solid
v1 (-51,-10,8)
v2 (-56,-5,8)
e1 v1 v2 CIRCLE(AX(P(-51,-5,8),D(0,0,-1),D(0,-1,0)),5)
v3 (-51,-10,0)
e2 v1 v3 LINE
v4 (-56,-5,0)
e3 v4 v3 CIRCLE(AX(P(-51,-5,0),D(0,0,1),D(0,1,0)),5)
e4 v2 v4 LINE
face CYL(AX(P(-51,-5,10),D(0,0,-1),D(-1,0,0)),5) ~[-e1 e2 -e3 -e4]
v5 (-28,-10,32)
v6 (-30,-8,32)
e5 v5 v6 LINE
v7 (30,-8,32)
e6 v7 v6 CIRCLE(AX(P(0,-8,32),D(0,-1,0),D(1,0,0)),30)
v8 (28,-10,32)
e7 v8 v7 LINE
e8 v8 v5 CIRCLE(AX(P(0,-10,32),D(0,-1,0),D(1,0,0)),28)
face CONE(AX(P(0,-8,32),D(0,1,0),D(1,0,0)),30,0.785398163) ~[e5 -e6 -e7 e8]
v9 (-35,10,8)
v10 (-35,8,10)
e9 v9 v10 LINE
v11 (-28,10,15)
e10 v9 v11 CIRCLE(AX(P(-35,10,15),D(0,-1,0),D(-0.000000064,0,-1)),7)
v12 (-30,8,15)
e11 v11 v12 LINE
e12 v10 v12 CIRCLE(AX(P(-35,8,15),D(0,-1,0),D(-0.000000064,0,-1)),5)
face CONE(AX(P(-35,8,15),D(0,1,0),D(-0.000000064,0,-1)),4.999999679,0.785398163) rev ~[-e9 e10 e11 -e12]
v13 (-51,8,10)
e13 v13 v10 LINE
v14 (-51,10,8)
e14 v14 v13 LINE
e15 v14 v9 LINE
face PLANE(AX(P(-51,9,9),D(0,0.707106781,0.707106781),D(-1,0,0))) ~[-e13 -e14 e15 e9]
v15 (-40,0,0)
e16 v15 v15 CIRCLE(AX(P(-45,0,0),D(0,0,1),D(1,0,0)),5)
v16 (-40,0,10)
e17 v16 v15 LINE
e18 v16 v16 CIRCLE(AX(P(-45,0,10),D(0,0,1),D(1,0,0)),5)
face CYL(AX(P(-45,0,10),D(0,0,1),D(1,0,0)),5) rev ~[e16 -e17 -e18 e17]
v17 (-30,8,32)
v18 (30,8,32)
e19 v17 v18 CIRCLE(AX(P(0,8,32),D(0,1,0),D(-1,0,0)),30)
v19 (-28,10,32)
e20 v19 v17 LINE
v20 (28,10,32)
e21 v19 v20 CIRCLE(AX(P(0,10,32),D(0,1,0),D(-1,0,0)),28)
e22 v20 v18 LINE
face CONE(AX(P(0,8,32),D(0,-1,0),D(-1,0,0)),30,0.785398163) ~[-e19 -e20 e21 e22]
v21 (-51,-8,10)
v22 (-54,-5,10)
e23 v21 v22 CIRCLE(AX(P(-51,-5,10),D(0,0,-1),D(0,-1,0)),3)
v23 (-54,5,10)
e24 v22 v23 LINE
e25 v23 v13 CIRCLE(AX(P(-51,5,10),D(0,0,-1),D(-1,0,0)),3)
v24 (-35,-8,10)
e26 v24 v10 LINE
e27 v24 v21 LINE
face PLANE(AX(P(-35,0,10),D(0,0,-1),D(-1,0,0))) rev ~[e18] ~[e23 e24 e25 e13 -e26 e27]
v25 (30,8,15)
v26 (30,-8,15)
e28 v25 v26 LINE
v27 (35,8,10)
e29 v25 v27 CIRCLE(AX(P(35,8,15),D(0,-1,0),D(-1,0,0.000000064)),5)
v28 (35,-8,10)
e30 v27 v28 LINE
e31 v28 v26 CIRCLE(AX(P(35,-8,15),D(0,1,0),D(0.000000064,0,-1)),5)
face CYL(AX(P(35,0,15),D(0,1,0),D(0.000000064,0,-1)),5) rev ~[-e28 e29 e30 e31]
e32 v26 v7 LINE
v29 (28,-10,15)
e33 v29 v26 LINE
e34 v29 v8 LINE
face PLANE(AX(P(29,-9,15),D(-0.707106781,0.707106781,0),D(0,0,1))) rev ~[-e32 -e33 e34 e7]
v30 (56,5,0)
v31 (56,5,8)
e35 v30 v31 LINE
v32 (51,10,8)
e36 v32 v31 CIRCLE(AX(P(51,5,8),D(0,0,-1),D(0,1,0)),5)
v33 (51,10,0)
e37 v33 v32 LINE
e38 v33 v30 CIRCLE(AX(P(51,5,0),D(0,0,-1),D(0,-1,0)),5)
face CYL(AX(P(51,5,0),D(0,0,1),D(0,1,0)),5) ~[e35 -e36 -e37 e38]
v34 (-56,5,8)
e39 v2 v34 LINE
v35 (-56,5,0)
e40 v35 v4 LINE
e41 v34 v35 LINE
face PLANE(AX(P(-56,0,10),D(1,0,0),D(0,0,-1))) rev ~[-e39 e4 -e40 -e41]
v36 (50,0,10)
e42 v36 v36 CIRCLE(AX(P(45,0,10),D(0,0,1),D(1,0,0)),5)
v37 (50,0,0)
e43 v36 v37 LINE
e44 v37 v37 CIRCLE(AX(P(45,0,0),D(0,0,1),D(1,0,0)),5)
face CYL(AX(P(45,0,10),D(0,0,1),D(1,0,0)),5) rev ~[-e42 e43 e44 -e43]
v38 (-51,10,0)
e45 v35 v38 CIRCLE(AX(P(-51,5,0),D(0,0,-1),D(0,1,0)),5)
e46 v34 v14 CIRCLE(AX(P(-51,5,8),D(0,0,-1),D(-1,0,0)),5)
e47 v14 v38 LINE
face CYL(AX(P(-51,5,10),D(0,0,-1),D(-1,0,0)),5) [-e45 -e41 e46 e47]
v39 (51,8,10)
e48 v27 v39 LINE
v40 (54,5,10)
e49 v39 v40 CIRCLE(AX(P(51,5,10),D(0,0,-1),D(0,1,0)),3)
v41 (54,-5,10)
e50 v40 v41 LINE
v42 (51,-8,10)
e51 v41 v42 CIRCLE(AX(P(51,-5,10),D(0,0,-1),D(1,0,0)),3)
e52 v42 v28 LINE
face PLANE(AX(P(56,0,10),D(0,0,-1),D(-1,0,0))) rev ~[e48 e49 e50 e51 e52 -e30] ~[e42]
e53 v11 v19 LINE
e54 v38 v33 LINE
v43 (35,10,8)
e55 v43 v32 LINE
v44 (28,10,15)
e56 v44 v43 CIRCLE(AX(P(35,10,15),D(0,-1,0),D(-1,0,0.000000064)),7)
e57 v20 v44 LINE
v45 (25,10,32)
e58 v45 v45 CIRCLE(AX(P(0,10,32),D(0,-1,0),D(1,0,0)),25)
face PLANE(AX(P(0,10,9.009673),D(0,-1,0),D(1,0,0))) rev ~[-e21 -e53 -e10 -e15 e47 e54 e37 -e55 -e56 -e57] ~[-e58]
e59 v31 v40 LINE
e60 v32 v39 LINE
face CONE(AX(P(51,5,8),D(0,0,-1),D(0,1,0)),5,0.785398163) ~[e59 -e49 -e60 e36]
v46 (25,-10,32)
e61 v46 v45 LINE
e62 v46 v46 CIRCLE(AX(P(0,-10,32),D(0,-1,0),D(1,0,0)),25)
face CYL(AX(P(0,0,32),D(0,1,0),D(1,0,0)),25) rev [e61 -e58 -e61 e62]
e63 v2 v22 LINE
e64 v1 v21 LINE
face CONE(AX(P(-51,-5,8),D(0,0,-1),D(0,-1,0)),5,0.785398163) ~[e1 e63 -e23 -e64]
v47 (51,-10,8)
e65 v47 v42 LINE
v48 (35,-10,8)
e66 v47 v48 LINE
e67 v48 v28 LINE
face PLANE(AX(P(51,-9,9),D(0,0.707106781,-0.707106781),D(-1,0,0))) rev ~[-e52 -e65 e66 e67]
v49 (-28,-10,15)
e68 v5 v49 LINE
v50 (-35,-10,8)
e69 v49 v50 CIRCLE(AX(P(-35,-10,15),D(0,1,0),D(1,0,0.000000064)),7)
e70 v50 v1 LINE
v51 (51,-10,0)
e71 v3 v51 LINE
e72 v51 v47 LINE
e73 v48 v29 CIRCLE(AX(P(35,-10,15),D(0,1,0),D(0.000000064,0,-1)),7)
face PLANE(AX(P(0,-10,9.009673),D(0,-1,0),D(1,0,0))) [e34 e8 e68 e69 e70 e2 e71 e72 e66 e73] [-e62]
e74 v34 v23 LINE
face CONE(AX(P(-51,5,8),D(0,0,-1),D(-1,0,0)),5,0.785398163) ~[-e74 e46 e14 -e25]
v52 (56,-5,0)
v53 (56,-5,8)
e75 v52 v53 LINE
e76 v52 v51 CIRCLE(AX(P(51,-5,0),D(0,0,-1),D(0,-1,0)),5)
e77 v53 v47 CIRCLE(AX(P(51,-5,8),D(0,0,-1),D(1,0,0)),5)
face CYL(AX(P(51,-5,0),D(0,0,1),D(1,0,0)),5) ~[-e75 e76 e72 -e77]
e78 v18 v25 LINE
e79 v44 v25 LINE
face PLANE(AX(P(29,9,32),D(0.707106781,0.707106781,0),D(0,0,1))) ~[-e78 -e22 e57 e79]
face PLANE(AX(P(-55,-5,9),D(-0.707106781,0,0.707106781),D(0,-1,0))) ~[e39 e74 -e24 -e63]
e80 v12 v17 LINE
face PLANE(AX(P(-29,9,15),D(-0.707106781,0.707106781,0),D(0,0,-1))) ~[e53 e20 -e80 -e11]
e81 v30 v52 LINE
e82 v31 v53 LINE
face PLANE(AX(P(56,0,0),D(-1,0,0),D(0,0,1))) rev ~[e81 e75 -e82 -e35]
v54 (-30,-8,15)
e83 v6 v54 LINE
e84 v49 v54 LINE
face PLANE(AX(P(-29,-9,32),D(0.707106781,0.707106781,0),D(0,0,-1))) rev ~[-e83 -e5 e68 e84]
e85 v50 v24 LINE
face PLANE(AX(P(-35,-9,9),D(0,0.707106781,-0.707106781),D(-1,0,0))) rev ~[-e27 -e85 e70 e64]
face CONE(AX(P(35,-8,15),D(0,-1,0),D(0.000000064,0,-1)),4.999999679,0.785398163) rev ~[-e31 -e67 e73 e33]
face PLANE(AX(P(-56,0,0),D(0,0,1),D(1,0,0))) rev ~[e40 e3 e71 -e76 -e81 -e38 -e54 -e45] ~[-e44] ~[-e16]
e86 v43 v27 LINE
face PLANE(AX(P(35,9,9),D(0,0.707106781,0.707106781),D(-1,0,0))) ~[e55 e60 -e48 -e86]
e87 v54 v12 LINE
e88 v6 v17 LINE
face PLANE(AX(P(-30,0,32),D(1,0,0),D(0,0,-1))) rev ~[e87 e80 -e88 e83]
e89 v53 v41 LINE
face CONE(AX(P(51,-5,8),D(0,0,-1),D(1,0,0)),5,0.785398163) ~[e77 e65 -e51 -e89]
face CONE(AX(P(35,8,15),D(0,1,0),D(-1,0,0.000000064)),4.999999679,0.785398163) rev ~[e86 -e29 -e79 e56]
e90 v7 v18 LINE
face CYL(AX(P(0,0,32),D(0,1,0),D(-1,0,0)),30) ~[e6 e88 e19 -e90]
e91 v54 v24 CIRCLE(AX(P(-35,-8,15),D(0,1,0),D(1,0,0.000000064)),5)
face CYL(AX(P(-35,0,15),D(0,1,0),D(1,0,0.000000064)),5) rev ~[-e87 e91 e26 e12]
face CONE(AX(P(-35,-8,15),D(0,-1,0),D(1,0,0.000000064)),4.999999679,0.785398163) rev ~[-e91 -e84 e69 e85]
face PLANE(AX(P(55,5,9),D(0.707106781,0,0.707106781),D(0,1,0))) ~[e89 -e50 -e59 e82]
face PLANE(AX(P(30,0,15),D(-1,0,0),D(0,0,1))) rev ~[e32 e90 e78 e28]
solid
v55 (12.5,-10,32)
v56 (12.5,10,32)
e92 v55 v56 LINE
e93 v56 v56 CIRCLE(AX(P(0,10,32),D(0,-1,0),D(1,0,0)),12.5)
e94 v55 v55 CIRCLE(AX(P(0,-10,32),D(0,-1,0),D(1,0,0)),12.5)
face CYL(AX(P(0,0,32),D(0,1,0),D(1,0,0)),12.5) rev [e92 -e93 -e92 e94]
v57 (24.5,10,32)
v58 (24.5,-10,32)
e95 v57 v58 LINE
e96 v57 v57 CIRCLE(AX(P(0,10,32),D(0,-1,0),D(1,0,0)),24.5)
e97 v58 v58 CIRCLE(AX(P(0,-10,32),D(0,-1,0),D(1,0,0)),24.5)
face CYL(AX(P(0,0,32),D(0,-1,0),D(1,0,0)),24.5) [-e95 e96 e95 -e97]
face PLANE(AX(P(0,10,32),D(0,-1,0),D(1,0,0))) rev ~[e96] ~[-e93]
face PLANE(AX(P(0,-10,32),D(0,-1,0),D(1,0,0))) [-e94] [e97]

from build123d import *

# Parameters (mm, degrees)
F0_R     = 25
F0_R_2   = 24.5
F0_R_3   = 12.5
F1_DEPTH = 10
F2_R     = 5
F3_R     = 5
F4_DEPTH = 10
F5_SIZE  = 2


with BuildPart() as f1:
    # F0 (on Front) → F1 (new body, symmetric)
    with BuildSketch(Plane.XZ):
        with BuildLine():
            Line((-56, 10), (-56, 0))
            Line((-56, 0), (56, 0))
            Line((56, 0), (56, 10))
            Line((56, 10), (35, 10))
            ThreePointArc((35, 10), (31.464466, 11.464466), (30, 15))
            Line((30, 15), (30, 32))
            ThreePointArc((30, 32), (0, 2), (-30, 32))
            Line((-30, 32), (-30, 15))
            ThreePointArc((-30, 15), (-31.464466, 11.464466), (-35, 10))
            Line((-35, 10), (-56, 10))
        make_face()
        with BuildLine():
            ThreePointArc((30, 32), (0, 62), (-30, 32))
            ThreePointArc((-30, 32), (0, 2), (30, 32))
        make_face()
        with Locations((0, 32)):
            Circle(F0_R, mode=Mode.SUBTRACT)
        with Locations((0, 32)):
            Circle(F0_R_2)
        with Locations((0, 32)):
            Circle(F0_R_3, mode=Mode.SUBTRACT)
    extrude(amount=F1_DEPTH, both=True)

    # F2
    f2_edges = [f1.edges().sort_by_distance(p)[0] for p in [
        (-56, -10, 5),
        (56, -10, 5),
        (56, 10, 5),
        (-56, 10, 5),
    ]]
    fillet(f2_edges, radius=F2_R)

    # F3 (on face) → F4 (cut)
    with BuildSketch(Plane.XY.offset(10)):
        with Locations((-45, 0)):
            Circle(F3_R)
        with Locations((45, 0)):
            Circle(F3_R)
    extrude(amount=-F4_DEPTH, mode=Mode.SUBTRACT)

    # F5
    f5_edges = [f1.edges().sort_by_distance(p)[0] for p in [
        (-30, -10, 23.5),
        (30, -10, 23.5),
        (30, 10, 23.5),
        (-30, 10, 23.5),
    ]]
    chamfer(f5_edges, length=F5_SIZE)


solid = f1.part
